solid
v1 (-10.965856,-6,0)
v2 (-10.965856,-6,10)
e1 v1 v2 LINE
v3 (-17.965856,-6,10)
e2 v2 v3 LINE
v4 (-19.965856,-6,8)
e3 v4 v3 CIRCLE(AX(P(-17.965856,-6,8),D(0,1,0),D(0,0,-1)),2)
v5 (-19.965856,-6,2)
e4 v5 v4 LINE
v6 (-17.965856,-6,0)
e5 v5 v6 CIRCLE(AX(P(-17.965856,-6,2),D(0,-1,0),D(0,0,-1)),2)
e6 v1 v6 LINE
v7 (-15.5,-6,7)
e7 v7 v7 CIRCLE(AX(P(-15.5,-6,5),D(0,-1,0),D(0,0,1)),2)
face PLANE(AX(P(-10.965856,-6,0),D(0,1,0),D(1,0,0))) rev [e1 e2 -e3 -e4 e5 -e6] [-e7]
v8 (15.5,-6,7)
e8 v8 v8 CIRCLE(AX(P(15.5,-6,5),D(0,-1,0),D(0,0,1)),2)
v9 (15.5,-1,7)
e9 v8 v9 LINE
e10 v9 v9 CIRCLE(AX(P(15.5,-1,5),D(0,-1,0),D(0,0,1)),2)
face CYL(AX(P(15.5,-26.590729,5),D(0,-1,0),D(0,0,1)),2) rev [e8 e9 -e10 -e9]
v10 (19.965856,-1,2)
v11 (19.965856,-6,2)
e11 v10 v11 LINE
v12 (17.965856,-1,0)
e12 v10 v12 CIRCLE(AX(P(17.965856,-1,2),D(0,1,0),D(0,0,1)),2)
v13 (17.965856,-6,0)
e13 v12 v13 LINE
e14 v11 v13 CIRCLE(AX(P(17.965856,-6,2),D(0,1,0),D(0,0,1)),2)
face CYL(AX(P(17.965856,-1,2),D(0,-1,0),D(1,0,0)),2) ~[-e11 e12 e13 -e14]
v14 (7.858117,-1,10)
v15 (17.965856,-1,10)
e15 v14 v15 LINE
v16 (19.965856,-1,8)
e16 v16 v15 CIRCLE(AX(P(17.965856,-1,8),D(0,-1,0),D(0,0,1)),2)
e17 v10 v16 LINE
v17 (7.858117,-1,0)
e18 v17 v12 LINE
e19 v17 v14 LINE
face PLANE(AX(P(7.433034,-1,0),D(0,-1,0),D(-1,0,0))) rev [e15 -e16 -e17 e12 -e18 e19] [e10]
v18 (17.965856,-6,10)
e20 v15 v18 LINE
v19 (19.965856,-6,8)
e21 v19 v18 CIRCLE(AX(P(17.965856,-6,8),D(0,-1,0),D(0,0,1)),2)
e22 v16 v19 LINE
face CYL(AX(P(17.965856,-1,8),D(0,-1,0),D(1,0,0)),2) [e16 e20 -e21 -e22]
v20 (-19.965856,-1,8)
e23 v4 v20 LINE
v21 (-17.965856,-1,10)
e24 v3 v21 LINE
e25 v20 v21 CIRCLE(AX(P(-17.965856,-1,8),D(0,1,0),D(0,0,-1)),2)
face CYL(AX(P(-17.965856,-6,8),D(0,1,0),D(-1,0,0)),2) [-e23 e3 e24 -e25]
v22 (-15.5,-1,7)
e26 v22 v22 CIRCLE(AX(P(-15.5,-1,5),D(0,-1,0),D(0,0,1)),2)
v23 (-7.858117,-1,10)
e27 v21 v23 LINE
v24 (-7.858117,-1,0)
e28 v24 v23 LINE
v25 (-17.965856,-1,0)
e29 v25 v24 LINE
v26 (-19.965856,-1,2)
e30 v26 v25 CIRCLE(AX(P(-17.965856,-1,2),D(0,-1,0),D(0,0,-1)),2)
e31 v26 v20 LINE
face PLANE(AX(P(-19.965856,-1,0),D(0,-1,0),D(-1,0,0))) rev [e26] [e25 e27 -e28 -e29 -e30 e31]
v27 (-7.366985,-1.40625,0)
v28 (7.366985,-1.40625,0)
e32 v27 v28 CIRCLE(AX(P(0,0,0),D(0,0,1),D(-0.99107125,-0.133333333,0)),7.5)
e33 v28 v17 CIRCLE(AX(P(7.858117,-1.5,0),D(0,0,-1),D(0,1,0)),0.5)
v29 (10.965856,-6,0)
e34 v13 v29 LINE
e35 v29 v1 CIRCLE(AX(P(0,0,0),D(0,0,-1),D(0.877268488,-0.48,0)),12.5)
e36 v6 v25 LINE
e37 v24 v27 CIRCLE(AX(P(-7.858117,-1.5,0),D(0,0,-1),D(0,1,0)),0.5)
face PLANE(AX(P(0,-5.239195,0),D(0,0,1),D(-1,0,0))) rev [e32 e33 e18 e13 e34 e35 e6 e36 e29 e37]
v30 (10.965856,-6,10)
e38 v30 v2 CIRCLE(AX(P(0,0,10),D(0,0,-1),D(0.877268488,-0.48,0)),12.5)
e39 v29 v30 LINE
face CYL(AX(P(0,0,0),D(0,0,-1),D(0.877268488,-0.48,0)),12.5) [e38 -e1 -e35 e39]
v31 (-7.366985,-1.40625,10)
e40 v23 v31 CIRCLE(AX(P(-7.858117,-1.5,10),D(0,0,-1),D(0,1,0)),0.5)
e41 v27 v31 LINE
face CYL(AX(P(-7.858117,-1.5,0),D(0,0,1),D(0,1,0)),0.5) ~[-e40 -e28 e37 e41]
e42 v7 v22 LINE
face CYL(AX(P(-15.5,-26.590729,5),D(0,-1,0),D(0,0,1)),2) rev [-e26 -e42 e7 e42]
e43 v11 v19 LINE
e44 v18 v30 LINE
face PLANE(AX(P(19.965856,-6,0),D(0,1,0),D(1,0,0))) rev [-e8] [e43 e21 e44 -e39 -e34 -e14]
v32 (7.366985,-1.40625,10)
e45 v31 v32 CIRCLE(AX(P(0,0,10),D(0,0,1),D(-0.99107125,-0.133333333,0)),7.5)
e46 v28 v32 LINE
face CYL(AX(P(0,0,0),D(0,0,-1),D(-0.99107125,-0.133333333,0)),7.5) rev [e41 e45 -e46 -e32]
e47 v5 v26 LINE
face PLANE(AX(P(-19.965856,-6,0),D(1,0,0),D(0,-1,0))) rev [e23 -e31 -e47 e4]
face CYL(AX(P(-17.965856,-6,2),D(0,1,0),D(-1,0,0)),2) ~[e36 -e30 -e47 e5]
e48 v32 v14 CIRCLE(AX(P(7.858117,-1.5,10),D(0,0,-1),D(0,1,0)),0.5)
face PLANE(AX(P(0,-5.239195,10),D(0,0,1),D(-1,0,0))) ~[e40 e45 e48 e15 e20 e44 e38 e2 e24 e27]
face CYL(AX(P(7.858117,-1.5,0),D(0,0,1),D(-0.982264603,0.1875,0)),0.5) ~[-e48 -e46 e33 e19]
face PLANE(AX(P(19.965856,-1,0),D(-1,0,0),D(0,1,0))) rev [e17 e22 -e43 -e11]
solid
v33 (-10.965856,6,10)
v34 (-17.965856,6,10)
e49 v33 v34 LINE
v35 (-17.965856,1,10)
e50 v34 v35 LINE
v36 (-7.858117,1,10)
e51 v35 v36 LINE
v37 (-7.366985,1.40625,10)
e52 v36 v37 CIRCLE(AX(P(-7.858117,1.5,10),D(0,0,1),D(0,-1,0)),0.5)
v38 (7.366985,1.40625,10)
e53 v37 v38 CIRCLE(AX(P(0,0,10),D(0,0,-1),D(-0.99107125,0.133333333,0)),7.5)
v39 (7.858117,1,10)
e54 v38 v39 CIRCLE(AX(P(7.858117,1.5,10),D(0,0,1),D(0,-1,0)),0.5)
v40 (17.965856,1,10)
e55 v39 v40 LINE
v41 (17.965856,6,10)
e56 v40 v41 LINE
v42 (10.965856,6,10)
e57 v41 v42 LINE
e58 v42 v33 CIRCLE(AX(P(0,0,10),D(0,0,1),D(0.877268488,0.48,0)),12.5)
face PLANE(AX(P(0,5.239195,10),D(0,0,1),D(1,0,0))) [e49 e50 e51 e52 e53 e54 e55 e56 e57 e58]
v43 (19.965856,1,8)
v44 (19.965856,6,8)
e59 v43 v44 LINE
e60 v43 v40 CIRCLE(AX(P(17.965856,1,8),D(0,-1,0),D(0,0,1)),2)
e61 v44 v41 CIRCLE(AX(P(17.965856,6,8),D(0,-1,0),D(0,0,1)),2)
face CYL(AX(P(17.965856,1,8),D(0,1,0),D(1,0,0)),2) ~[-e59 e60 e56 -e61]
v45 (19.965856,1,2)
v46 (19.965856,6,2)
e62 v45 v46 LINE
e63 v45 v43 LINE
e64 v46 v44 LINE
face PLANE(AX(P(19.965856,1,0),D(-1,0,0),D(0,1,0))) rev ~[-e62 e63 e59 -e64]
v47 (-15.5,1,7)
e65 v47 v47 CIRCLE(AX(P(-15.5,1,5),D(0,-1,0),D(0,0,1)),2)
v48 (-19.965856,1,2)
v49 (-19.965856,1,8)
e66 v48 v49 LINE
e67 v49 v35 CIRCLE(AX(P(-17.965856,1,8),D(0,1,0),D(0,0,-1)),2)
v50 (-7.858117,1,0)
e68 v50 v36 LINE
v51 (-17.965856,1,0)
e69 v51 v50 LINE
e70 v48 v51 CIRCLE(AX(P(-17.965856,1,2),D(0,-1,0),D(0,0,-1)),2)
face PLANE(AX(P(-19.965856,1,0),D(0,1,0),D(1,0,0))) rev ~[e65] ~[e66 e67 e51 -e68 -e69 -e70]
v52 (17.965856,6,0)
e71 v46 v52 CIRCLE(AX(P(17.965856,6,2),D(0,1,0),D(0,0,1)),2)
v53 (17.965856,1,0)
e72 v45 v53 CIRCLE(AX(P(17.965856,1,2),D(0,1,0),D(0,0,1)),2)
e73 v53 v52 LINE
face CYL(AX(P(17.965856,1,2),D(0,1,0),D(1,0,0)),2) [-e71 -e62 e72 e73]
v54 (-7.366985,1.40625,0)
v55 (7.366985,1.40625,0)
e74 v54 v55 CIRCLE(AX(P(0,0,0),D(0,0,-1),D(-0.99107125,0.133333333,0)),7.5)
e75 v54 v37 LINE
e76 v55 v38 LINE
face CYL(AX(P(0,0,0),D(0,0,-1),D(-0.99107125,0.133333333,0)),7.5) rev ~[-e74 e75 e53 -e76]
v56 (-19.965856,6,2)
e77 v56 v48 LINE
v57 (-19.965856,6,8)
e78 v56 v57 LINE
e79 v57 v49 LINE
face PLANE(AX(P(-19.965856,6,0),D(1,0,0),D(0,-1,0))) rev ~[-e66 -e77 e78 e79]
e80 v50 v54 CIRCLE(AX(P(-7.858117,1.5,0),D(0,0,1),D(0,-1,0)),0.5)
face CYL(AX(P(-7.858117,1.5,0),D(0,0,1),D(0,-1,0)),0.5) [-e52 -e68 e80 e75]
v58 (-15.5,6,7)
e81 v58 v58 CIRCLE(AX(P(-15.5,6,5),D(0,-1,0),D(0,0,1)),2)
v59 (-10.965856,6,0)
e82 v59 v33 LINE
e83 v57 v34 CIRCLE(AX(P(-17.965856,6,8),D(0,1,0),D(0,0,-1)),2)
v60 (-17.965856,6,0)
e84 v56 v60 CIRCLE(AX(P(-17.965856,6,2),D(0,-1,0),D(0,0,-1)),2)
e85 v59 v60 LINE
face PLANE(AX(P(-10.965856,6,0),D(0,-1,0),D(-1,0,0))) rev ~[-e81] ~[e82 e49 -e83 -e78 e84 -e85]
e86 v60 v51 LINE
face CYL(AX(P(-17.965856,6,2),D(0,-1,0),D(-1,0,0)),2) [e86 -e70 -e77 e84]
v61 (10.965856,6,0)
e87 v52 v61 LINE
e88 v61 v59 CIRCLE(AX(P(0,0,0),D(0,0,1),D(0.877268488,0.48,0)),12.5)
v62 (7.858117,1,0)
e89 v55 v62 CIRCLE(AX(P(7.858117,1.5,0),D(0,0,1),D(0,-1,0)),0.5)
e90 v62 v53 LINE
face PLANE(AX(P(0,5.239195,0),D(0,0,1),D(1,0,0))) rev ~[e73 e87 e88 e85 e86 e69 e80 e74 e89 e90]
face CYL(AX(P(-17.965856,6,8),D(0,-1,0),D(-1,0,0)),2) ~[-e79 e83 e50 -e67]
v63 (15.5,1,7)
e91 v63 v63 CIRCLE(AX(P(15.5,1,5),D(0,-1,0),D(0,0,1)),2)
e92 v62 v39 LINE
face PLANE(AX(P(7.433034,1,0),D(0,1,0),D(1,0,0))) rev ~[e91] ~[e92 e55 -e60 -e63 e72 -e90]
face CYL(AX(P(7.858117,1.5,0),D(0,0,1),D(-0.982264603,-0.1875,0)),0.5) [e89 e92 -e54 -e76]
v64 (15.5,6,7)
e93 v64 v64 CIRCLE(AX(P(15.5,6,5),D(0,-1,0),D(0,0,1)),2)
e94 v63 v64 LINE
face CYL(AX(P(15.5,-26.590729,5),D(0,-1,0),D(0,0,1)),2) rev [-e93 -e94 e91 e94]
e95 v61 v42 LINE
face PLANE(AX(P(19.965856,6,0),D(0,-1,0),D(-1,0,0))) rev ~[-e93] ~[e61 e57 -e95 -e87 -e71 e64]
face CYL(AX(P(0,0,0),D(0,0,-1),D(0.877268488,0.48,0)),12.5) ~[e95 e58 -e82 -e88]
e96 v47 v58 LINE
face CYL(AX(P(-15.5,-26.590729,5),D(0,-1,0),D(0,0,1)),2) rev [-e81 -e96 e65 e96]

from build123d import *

# Parameters (mm, degrees)
BOSS_EXTRUDE1_DEPTH     = 10
FILLET1_R               = 2
FILLET3_R               = 0.5
CUT_EXTRUDE1_DEPTH      = 26.590728981
CUT_EXTRUDE1_DEPTH_BACK = 26.590728981
SKETCH3_R               = 2


with BuildPart() as part:
    # Sketch1 → Boss-Extrude1 (new body)
    with BuildSketch(Plane.XY):
        with BuildLine():
            Line((-19.9658561, 1), (-7.433034374, 1))
            ThreePointArc((-7.433034374, 1), (0, 7.5), (7.433034374, 1))
            Line((7.433034374, 1), (19.9658561, 1))
            Line((19.9658561, 1), (19.9658561, 6))
            Line((19.9658561, 6), (10.9658561, 6))
            ThreePointArc((10.9658561, 6), (0, 12.5), (-10.9658561, 6))
            Line((-10.9658561, 6), (-19.9658561, 6))
            Line((-19.9658561, 6), (-19.9658561, 1))
        make_face()
    extrude(amount=BOSS_EXTRUDE1_DEPTH)

    # Fillet1
    fillet1_edges = [part.edges().sort_by_distance(p)[0] for p in [
        (-19.9658561, 3.5, 0),
        (19.9658561, 3.5, 10),
        (-19.9658561, 3.5, 10),
        (19.9658561, 3.5, 0),
    ]]
    fillet(fillet1_edges, radius=FILLET1_R)

    # Fillet3
    fillet3_edges = [part.edges().sort_by_distance(p)[0] for p in [
        (7.433034374, 1, 5),
        (-7.433034374, 1, 5),
    ]]
    fillet(fillet3_edges, radius=FILLET3_R)


with BuildPart() as body_2:
    # Mirror3: mirrored copy
    add(part.part.mirror(Plane.ZX))


with BuildPart() as cut_extrude1_tool:
    # Sketch3 → Cut-Extrude1 (new, two sides: drawn at the far end of the back side and taken through both)
    with BuildSketch(Plane(origin=(0, 0, 0), x_dir=(1, 0, 0), z_dir=(0, 1, 0)).offset(-CUT_EXTRUDE1_DEPTH_BACK)):
        with Locations(Location((-15.5, -5, 0), (0, 0, 270))):
            Circle(SKETCH3_R)
        with Locations(Location((15.5, -5, 0), (0, 0, 270))):
            Circle(SKETCH3_R)
    extrude(amount=CUT_EXTRUDE1_DEPTH + CUT_EXTRUDE1_DEPTH_BACK)


with BuildPart() as part_1:
    add(part.part)

    # Cut-Extrude1: cut by cut_extrude1_tool
    add(cut_extrude1_tool.part, mode=Mode.SUBTRACT)


with BuildPart() as body_2_1:
    add(body_2.part)

    # Cut-Extrude1: cut by cut_extrude1_tool
    add(cut_extrude1_tool.part, mode=Mode.SUBTRACT)


solid = Compound([part_1.part, body_2_1.part])
